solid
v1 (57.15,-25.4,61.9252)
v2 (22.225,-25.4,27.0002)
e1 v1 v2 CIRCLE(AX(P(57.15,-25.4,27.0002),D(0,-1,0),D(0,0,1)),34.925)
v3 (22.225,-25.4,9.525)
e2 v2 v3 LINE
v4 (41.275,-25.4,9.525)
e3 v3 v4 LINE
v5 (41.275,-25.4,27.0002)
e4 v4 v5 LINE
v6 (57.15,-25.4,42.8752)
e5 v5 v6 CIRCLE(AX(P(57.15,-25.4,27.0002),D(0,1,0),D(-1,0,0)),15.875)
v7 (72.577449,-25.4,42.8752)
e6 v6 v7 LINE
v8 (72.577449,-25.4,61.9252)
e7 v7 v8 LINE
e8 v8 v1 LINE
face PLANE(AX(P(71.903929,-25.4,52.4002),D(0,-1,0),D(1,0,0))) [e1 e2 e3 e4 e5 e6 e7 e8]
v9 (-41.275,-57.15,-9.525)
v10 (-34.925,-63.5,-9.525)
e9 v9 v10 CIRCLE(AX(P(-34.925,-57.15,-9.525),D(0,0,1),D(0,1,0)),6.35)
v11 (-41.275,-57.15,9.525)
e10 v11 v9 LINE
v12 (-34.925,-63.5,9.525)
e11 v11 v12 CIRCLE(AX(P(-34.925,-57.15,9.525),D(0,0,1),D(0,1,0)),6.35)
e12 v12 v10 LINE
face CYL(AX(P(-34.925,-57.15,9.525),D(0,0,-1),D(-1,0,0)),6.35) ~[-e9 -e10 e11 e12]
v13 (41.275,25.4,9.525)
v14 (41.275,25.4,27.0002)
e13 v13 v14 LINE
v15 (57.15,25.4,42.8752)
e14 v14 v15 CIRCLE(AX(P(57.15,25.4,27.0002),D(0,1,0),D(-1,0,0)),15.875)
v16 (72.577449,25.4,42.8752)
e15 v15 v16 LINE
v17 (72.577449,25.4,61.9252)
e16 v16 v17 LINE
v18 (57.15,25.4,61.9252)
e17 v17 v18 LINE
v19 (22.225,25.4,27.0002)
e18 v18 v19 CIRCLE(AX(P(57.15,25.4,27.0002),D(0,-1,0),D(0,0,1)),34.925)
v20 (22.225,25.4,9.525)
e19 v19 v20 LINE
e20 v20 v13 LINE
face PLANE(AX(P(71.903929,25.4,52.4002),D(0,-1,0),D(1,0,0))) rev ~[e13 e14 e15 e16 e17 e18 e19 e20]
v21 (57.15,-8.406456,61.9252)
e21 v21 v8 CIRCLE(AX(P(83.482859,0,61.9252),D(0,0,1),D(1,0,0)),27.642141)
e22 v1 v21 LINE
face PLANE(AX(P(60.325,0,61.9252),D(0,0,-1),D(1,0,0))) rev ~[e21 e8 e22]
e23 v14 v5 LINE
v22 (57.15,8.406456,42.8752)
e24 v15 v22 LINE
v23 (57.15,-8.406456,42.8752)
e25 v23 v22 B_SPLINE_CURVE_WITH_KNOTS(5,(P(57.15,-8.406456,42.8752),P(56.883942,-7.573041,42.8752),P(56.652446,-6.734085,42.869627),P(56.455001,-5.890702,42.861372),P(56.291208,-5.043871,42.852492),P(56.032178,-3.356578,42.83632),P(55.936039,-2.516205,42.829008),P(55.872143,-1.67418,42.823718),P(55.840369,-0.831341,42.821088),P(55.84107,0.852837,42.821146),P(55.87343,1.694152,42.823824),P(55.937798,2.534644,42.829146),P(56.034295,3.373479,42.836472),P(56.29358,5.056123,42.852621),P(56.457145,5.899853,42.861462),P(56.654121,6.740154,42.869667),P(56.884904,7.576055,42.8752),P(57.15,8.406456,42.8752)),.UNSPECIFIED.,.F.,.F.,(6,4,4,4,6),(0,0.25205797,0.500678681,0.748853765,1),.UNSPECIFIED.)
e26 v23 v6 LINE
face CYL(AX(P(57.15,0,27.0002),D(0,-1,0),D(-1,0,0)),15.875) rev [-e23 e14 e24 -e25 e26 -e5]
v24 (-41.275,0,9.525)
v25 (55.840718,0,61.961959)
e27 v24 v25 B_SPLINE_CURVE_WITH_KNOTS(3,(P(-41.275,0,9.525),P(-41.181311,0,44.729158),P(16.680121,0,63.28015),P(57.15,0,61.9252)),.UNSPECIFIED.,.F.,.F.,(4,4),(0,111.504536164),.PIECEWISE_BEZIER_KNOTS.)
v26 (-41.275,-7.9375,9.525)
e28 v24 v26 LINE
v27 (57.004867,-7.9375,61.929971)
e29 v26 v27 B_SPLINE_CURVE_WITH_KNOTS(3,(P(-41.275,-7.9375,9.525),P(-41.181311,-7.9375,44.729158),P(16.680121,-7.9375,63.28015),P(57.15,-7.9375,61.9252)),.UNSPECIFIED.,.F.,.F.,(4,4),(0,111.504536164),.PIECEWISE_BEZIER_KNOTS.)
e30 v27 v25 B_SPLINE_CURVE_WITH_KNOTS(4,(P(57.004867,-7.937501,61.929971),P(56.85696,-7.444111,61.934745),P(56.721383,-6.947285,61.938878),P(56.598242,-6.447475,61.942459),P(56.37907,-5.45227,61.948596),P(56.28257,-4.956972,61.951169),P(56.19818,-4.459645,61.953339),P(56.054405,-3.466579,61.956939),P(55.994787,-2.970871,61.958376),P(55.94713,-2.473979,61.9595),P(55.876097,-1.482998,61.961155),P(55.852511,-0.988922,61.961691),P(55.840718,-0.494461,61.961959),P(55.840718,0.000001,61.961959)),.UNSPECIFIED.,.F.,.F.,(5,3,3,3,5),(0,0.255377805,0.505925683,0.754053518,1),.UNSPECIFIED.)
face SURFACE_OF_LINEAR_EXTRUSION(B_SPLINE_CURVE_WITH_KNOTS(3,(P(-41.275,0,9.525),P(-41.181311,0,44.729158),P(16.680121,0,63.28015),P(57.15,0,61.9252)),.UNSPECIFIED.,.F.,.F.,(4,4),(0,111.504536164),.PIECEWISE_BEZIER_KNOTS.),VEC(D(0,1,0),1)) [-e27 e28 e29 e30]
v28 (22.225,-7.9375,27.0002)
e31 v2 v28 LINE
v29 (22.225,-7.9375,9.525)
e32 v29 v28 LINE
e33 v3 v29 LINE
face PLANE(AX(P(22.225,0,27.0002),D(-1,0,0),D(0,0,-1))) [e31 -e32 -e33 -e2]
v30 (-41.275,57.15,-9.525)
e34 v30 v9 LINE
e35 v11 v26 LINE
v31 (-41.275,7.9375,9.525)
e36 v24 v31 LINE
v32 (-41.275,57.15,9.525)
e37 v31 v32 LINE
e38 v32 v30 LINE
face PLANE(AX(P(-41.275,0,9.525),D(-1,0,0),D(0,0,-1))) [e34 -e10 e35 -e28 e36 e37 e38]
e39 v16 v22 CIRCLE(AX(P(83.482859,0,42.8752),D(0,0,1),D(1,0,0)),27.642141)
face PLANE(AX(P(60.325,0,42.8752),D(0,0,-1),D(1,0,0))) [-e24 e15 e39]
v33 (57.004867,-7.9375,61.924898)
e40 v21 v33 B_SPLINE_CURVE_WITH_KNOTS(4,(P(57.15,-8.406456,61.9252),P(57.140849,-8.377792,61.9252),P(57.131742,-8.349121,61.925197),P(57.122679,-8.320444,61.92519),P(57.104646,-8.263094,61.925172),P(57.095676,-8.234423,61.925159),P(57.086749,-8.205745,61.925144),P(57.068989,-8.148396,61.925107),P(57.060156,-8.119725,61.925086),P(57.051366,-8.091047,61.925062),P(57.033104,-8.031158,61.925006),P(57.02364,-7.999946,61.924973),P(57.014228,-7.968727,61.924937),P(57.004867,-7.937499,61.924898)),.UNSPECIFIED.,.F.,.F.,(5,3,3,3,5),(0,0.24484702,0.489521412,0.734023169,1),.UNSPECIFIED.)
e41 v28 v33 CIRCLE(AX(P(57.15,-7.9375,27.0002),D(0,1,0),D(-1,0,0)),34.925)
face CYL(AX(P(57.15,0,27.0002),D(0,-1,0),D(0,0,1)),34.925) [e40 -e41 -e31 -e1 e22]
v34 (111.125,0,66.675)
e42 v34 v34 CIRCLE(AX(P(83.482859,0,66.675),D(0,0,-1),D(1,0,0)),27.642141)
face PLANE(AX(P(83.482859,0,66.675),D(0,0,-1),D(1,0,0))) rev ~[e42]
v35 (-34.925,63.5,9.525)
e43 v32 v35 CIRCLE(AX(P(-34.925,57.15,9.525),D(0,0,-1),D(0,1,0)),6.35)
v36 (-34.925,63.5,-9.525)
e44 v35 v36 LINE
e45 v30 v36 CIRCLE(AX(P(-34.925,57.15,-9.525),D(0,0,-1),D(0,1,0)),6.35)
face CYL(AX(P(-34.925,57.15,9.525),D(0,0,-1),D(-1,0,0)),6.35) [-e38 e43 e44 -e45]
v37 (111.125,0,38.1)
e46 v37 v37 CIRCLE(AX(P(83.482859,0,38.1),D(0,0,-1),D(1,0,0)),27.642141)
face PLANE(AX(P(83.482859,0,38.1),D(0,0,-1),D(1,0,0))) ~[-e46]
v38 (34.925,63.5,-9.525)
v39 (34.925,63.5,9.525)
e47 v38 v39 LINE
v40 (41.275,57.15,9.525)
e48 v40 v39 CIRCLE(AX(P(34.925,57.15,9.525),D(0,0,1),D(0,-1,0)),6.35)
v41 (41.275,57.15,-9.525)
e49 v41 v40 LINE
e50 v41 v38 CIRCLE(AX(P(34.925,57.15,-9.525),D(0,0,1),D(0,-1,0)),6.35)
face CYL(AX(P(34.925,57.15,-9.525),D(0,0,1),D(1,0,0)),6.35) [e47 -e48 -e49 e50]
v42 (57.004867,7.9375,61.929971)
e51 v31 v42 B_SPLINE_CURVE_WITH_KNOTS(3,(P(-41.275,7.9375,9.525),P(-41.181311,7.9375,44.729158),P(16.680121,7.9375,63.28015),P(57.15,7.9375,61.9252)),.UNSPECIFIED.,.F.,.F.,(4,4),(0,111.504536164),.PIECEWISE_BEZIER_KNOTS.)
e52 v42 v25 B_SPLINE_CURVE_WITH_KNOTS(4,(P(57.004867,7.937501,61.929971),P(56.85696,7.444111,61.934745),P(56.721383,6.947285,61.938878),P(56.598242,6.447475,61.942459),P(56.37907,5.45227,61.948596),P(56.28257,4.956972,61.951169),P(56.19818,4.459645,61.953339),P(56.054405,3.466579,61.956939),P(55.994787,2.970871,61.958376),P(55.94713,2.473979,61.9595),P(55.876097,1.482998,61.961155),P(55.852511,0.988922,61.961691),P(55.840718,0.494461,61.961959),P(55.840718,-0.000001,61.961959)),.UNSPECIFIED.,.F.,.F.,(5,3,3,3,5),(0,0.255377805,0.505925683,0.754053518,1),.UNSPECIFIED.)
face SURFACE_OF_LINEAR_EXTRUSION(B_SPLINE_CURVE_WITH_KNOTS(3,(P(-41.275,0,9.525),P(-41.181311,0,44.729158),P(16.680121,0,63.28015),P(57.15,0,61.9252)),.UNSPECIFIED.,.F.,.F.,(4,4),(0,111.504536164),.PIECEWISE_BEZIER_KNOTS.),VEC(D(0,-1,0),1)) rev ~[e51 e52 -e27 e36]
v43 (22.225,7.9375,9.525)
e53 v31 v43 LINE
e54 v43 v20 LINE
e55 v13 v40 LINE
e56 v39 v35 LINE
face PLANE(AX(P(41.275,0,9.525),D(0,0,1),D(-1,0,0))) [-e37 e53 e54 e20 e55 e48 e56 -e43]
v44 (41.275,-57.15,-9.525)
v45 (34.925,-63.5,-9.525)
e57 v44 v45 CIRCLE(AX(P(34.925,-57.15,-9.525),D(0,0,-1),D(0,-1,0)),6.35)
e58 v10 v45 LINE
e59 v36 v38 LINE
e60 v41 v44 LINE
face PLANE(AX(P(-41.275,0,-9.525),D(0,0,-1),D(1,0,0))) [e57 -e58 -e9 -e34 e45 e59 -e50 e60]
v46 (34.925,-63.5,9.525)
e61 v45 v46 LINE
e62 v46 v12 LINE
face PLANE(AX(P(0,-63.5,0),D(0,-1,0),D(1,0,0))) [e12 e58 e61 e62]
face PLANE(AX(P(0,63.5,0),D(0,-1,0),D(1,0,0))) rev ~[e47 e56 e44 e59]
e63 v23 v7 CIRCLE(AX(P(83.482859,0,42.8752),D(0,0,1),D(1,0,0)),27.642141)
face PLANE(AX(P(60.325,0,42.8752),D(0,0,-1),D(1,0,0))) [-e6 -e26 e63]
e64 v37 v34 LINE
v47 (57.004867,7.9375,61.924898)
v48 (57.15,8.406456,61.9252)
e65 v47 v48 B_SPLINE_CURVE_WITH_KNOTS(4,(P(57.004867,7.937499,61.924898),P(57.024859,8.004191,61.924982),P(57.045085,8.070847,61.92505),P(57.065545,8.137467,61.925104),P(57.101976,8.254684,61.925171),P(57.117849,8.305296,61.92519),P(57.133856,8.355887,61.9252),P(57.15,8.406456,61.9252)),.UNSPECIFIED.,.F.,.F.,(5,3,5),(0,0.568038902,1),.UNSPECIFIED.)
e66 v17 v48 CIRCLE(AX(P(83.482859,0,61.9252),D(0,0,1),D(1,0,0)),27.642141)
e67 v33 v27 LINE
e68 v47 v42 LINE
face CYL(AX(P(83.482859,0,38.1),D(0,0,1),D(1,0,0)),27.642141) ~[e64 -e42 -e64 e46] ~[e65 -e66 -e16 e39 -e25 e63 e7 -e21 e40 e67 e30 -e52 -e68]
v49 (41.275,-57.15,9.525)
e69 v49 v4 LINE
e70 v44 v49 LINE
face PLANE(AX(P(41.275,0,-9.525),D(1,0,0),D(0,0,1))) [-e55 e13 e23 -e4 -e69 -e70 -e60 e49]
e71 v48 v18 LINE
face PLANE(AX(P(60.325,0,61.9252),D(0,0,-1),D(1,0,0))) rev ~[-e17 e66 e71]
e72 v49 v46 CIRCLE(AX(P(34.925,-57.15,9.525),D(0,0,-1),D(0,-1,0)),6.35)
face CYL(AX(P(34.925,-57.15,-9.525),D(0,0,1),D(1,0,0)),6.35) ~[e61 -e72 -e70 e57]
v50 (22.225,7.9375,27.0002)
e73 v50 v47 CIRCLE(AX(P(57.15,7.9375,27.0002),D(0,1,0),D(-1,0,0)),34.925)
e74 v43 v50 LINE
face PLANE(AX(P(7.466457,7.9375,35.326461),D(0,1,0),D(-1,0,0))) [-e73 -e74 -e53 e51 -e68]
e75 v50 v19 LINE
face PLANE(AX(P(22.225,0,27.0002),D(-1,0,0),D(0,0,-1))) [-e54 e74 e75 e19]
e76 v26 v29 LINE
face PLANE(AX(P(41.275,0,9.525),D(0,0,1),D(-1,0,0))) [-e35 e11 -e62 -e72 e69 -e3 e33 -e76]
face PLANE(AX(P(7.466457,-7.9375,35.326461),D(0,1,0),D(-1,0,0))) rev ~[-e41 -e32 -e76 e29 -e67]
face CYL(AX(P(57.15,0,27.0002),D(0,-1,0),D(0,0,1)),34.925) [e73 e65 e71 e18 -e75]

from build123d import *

# Parameters (mm, degrees)
F1_DEPTH = 63.5
F2_DEPTH = 25.4
F0_W     = 23.1578589316
F0_H     = 19.05
F3_DEPTH = 25.4
F4_DEPTH = 7.9375
F6_R     = 6.35


with BuildPart() as f1:
    # F0 (on Front) → F1 (new body, symmetric)
    with BuildSketch(Plane.XZ):
        Polygon((-41.275, 9.525), (-41.275, -9.525), (41.275, -9.525), (41.275, 9.525), (22.225, 9.525), align=None)
    extrude(amount=F1_DEPTH, both=True)

    # F0 (on Front) → F2 (join, symmetric)
    with BuildSketch(Plane.XZ):
        with BuildLine():
            Line((22.225, 9.525), (41.275, 9.525))
            Line((41.275, 9.525), (41.275, 27.0002))
            ThreePointArc((41.275, 27.0002), (45.9246798487, 38.2255201513), (57.15, 42.8752))
            Line((57.15, 42.8752), (60.325, 42.8752))
            Line((60.325, 42.8752), (60.325, 61.9252))
            Line((60.325, 61.9252), (57.15, 61.9252))
            ThreePointArc((57.15, 61.9252), (32.4542956671, 51.6959043329), (22.225, 27.0002))
            Line((22.225, 27.0002), (22.225, 9.525))
        make_face()
    extrude(amount=F2_DEPTH, both=True)

    # F0 (on Front) → F3 (join, symmetric)
    with BuildSketch(Plane.XZ):
        with Locations((71.9039294658, 52.4002)):
            Rectangle(F0_W, F0_H)
    extrude(amount=F3_DEPTH, both=True)

    # F0 (on Front) → F4 (join, symmetric)
    with BuildSketch(Plane.XZ):
        with BuildLine():
            add(Edge.make_bspline(
                [(-41.275, 9.525), (-41.1813110113, 44.7291582823), (16.6801214218, 63.2801502943), (57.15, 61.9252)],
                knots=[0, 0, 0, 0, 111.5045361635, 111.5045361635, 111.5045361635, 111.5045361635], degree=3))
            Line((-41.275, 9.525), (22.225, 9.525))
            Line((22.225, 9.525), (22.225, 27.0002))
            ThreePointArc((22.225, 27.0002), (32.4542956671, 51.6959043329), (57.15, 61.9252))
        make_face()
    extrude(amount=F4_DEPTH, both=True)

    # F0 (on Front) → F5 (revolve)
    with BuildSketch(Plane.XZ):
        Polygon((83.4828589316, 66.675), (83.4828589316, 61.9252), (83.4828589316, 42.8752), (83.4828589316, 38.1), (111.125, 38.1), (111.125, 66.675), align=None)
    revolve(axis=Axis((83.4828589316, 0, 52.3875), (0, 0, -1)))

    # F6
    f6_edges = [f1.edges().sort_by_distance(p)[0] for p in [
        (-41.275, -63.5, 0),
        (41.275, -63.5, 0),
        (41.275, 63.5, 0),
        (-41.275, 63.5, 0),
    ]]
    fillet(f6_edges, radius=F6_R)


solid = f1.part
